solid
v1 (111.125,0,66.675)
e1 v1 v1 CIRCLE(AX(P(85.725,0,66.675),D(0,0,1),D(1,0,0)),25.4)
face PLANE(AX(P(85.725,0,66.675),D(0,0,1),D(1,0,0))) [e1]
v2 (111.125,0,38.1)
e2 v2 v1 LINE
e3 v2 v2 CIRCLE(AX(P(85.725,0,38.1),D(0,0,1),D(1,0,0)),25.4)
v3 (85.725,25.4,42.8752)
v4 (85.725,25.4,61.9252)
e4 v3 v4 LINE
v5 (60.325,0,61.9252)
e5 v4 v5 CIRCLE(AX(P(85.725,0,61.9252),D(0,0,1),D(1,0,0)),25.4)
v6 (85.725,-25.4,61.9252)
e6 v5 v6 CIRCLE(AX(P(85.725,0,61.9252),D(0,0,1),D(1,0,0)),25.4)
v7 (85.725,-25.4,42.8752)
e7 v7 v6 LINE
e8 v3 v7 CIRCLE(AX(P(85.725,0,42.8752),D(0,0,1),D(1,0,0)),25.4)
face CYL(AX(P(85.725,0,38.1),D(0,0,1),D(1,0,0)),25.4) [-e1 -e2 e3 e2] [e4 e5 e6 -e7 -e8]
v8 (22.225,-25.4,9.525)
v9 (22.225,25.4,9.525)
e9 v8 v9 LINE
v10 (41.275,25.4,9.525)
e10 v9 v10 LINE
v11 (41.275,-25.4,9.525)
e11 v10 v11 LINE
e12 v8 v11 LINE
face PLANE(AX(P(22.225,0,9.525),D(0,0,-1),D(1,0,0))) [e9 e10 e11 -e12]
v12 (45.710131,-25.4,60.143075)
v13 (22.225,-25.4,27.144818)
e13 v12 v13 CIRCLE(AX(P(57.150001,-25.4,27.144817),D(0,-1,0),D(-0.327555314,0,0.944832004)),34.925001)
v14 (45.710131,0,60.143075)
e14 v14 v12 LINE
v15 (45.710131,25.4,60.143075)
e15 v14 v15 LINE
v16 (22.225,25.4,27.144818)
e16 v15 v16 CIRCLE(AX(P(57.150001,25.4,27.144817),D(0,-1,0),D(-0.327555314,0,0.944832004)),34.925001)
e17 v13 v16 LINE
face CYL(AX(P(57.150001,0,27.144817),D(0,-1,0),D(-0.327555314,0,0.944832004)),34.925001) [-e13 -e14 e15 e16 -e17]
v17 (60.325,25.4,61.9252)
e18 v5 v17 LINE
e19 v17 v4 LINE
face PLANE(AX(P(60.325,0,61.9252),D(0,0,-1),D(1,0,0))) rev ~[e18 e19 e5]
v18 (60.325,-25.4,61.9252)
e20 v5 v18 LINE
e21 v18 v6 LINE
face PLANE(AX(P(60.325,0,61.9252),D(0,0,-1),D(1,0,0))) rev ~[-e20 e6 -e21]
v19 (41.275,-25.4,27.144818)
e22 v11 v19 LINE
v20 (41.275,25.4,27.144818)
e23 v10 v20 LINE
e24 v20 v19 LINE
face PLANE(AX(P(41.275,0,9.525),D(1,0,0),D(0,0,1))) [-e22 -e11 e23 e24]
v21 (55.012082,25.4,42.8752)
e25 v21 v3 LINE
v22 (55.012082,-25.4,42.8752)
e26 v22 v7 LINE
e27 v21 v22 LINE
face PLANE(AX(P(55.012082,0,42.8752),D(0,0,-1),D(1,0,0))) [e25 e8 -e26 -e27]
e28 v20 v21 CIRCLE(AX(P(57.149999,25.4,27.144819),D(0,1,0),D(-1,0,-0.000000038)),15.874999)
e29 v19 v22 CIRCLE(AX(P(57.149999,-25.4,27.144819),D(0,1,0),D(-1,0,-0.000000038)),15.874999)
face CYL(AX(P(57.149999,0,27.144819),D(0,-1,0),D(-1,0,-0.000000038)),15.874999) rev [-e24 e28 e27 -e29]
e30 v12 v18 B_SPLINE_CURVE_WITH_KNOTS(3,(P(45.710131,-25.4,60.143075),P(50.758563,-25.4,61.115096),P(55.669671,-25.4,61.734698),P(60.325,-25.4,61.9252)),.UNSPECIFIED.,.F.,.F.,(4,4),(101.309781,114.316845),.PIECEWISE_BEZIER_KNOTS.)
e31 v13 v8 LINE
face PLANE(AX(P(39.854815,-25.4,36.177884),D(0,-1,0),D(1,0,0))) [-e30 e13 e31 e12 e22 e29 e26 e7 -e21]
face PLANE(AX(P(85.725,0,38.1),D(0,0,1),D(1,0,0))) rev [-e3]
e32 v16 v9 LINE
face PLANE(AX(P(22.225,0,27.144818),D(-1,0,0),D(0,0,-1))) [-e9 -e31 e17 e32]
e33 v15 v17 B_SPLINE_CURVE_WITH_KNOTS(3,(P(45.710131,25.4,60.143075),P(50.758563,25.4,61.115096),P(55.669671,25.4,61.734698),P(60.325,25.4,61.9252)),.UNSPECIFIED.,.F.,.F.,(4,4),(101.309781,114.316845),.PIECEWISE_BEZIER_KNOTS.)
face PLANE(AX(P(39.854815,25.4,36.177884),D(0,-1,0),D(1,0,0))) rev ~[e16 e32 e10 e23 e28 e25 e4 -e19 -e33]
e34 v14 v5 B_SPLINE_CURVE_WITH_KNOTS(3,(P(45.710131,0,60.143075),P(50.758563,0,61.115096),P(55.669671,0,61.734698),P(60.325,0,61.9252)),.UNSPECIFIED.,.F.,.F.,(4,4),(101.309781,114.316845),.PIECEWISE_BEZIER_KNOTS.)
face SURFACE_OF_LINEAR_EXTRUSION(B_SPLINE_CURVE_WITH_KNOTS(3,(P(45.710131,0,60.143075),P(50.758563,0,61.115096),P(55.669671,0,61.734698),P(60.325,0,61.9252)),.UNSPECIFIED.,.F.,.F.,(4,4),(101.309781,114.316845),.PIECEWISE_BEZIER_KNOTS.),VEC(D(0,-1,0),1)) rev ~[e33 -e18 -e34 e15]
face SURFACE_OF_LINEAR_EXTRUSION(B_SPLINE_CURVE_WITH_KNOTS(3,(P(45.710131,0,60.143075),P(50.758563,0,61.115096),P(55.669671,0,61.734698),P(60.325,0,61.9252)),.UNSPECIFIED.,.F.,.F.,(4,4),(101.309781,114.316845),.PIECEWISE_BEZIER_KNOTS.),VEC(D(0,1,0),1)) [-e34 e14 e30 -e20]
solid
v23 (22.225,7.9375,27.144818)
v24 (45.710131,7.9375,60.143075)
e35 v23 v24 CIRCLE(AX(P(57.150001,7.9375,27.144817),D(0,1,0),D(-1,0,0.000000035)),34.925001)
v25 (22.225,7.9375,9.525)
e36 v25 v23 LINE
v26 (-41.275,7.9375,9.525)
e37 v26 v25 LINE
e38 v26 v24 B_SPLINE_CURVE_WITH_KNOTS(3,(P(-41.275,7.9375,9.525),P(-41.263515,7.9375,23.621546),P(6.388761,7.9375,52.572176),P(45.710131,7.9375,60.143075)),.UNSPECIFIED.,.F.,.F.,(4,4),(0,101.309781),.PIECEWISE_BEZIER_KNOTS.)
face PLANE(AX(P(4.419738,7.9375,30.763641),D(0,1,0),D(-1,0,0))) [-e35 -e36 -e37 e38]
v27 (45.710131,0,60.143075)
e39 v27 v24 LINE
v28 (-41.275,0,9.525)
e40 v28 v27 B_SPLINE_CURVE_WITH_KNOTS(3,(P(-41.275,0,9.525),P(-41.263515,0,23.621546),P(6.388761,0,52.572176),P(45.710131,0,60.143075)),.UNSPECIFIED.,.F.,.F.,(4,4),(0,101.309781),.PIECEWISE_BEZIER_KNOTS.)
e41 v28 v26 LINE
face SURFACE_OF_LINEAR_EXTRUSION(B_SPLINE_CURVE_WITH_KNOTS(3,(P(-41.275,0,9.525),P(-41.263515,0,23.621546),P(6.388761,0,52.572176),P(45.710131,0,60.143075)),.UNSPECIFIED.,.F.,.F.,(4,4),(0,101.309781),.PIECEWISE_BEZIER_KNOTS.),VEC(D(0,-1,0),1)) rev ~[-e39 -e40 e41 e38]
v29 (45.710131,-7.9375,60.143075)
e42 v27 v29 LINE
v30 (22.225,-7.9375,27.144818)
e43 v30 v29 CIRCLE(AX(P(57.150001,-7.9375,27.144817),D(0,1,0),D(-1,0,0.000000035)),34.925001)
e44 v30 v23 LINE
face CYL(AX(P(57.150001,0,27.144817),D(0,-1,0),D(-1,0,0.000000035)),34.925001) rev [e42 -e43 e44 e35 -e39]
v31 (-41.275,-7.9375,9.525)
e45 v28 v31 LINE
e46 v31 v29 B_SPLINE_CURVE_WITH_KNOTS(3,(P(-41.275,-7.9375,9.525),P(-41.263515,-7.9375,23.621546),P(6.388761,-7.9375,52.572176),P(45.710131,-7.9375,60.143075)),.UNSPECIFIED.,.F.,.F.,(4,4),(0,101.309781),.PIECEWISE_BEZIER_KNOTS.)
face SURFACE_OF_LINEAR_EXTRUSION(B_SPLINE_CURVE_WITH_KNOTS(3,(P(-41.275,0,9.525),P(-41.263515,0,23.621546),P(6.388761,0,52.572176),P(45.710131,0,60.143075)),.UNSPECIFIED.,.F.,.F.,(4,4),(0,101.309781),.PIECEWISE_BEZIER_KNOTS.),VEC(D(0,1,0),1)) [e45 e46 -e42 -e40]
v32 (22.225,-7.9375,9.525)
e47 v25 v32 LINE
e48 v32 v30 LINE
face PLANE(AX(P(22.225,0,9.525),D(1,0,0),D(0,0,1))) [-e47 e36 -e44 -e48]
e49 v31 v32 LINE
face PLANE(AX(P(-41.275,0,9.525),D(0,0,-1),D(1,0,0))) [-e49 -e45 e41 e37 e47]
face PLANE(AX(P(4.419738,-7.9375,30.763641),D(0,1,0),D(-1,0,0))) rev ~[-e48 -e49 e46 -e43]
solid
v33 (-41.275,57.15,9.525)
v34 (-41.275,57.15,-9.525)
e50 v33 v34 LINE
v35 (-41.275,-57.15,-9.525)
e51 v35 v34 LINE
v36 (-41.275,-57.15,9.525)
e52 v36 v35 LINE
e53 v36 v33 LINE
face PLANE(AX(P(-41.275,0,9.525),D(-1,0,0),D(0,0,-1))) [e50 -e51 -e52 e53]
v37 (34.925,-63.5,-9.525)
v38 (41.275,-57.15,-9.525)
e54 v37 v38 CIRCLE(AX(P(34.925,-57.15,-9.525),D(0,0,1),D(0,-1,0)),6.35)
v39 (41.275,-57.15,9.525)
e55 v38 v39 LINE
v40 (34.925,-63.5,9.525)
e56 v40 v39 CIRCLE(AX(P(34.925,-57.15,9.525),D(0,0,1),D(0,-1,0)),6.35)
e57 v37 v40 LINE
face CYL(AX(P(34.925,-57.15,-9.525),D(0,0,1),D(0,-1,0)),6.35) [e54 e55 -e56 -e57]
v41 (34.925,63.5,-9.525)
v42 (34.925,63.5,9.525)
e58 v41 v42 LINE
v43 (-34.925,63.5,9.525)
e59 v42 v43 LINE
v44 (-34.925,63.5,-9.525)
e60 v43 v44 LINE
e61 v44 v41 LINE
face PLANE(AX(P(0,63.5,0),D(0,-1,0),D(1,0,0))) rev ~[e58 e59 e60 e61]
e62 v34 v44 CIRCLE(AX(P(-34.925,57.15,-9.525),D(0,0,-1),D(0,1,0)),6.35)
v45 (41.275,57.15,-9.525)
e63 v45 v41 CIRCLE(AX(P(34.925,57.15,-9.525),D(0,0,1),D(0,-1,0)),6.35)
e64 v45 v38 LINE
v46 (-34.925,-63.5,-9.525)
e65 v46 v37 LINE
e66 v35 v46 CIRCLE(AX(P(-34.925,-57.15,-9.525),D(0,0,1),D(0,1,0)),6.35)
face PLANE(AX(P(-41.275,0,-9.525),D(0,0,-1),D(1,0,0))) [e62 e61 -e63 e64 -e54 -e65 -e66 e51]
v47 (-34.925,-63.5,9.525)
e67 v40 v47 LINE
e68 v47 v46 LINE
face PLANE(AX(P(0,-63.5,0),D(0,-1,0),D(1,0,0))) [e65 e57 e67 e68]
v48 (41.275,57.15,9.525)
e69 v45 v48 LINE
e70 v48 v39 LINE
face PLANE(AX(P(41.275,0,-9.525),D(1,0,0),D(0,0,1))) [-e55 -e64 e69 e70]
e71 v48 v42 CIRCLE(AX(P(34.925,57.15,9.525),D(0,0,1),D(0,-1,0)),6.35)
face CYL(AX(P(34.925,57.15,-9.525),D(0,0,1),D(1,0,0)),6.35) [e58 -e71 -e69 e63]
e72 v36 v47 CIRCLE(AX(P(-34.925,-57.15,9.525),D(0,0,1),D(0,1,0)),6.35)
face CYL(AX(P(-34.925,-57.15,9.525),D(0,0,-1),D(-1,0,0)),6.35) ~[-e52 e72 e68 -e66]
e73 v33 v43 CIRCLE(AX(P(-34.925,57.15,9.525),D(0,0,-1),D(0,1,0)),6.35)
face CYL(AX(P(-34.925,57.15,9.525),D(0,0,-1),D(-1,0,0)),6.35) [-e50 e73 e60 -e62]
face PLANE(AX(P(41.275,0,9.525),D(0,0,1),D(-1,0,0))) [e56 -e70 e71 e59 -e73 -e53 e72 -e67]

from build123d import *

# Parameters (mm, degrees)
F1_DEPTH = 63.5
F0_W     = 25.4
F0_H     = 19.05
F2_DEPTH = 25.4
F3_DEPTH = 7.9375
F5_R     = 6.35


with BuildPart() as f1:
    # F0 (on Front) → F1 (new body, symmetric)
    with BuildSketch(Plane.XZ):
        Polygon((-41.275, -9.525), (41.275, -9.525), (41.275, 9.525), (22.225, 9.525), (-41.275, 9.525), align=None)
    extrude(amount=F1_DEPTH, both=True)

    # F5
    f5_edges = [f1.edges().sort_by_distance(p)[0] for p in [
        (41.275, -63.5, 0),
        (-41.275, -63.5, 0),
        (41.275, 63.5, 0),
        (-41.275, 63.5, 0),
    ]]
    fillet(f5_edges, radius=F5_R)


with BuildPart() as f2:
    # F0 (on Front) → F2 (new body, symmetric)
    with BuildSketch(Plane.XZ):
        with BuildLine():
            Line((22.225, 9.525), (41.275, 9.525))
            Line((41.275, 9.525), (41.275, 27.144818))
            ThreePointArc((41.275, 27.144818), (45.192678, 37.586948), (55.012082, 42.8752))
            Line((55.012082, 42.8752), (60.325, 42.8752))
            Line((60.325, 42.8752), (60.325, 61.9252))
            add(Edge.make_bspline(
                [(45.710131, 60.143075), (50.758563, 61.115096), (55.669671, 61.734698), (60.325, 61.9252)],
                knots=[101.309781, 101.309781, 101.309781, 101.309781, 114.316845, 114.316845, 114.316845, 114.316845], degree=3))
            ThreePointArc((45.710131, 60.143075), (28.695712, 47.395968), (22.225, 27.144818))
            Line((22.225, 27.144818), (22.225, 9.525))
        make_face()
        with Locations((73.025, 52.4002)):
            Rectangle(F0_W, F0_H)
    extrude(amount=F2_DEPTH, both=True)

    # F0 (on Front) → F4 (revolve)
    with BuildSketch(Plane.XZ):
        Polygon((85.725, 66.675), (85.725, 61.9252), (85.725, 42.8752), (85.725, 38.1), (111.125, 38.1), (111.125, 66.675), align=None)
    revolve(axis=Axis((85.725, 0, 52.3875), (0, 0, 1)))


with BuildPart() as f3:
    # F0 (on Front) → F3 (new body, symmetric)
    with BuildSketch(Plane.XZ):
        with BuildLine():
            add(Edge.make_bspline(
                [(-41.275, 9.525), (-41.263515, 23.621546), (6.388761, 52.572176), (45.710131, 60.143075)],
                knots=[0, 0, 0, 0, 101.309781, 101.309781, 101.309781, 101.309781], degree=3))
            Line((-41.275, 9.525), (22.225, 9.525))
            Line((22.225, 9.525), (22.225, 27.144818))
            ThreePointArc((22.225, 27.144818), (28.695712, 47.395968), (45.710131, 60.143075))
        make_face()
    extrude(amount=F3_DEPTH, both=True)


solid = Compound([f1.part, f2.part, f3.part])
